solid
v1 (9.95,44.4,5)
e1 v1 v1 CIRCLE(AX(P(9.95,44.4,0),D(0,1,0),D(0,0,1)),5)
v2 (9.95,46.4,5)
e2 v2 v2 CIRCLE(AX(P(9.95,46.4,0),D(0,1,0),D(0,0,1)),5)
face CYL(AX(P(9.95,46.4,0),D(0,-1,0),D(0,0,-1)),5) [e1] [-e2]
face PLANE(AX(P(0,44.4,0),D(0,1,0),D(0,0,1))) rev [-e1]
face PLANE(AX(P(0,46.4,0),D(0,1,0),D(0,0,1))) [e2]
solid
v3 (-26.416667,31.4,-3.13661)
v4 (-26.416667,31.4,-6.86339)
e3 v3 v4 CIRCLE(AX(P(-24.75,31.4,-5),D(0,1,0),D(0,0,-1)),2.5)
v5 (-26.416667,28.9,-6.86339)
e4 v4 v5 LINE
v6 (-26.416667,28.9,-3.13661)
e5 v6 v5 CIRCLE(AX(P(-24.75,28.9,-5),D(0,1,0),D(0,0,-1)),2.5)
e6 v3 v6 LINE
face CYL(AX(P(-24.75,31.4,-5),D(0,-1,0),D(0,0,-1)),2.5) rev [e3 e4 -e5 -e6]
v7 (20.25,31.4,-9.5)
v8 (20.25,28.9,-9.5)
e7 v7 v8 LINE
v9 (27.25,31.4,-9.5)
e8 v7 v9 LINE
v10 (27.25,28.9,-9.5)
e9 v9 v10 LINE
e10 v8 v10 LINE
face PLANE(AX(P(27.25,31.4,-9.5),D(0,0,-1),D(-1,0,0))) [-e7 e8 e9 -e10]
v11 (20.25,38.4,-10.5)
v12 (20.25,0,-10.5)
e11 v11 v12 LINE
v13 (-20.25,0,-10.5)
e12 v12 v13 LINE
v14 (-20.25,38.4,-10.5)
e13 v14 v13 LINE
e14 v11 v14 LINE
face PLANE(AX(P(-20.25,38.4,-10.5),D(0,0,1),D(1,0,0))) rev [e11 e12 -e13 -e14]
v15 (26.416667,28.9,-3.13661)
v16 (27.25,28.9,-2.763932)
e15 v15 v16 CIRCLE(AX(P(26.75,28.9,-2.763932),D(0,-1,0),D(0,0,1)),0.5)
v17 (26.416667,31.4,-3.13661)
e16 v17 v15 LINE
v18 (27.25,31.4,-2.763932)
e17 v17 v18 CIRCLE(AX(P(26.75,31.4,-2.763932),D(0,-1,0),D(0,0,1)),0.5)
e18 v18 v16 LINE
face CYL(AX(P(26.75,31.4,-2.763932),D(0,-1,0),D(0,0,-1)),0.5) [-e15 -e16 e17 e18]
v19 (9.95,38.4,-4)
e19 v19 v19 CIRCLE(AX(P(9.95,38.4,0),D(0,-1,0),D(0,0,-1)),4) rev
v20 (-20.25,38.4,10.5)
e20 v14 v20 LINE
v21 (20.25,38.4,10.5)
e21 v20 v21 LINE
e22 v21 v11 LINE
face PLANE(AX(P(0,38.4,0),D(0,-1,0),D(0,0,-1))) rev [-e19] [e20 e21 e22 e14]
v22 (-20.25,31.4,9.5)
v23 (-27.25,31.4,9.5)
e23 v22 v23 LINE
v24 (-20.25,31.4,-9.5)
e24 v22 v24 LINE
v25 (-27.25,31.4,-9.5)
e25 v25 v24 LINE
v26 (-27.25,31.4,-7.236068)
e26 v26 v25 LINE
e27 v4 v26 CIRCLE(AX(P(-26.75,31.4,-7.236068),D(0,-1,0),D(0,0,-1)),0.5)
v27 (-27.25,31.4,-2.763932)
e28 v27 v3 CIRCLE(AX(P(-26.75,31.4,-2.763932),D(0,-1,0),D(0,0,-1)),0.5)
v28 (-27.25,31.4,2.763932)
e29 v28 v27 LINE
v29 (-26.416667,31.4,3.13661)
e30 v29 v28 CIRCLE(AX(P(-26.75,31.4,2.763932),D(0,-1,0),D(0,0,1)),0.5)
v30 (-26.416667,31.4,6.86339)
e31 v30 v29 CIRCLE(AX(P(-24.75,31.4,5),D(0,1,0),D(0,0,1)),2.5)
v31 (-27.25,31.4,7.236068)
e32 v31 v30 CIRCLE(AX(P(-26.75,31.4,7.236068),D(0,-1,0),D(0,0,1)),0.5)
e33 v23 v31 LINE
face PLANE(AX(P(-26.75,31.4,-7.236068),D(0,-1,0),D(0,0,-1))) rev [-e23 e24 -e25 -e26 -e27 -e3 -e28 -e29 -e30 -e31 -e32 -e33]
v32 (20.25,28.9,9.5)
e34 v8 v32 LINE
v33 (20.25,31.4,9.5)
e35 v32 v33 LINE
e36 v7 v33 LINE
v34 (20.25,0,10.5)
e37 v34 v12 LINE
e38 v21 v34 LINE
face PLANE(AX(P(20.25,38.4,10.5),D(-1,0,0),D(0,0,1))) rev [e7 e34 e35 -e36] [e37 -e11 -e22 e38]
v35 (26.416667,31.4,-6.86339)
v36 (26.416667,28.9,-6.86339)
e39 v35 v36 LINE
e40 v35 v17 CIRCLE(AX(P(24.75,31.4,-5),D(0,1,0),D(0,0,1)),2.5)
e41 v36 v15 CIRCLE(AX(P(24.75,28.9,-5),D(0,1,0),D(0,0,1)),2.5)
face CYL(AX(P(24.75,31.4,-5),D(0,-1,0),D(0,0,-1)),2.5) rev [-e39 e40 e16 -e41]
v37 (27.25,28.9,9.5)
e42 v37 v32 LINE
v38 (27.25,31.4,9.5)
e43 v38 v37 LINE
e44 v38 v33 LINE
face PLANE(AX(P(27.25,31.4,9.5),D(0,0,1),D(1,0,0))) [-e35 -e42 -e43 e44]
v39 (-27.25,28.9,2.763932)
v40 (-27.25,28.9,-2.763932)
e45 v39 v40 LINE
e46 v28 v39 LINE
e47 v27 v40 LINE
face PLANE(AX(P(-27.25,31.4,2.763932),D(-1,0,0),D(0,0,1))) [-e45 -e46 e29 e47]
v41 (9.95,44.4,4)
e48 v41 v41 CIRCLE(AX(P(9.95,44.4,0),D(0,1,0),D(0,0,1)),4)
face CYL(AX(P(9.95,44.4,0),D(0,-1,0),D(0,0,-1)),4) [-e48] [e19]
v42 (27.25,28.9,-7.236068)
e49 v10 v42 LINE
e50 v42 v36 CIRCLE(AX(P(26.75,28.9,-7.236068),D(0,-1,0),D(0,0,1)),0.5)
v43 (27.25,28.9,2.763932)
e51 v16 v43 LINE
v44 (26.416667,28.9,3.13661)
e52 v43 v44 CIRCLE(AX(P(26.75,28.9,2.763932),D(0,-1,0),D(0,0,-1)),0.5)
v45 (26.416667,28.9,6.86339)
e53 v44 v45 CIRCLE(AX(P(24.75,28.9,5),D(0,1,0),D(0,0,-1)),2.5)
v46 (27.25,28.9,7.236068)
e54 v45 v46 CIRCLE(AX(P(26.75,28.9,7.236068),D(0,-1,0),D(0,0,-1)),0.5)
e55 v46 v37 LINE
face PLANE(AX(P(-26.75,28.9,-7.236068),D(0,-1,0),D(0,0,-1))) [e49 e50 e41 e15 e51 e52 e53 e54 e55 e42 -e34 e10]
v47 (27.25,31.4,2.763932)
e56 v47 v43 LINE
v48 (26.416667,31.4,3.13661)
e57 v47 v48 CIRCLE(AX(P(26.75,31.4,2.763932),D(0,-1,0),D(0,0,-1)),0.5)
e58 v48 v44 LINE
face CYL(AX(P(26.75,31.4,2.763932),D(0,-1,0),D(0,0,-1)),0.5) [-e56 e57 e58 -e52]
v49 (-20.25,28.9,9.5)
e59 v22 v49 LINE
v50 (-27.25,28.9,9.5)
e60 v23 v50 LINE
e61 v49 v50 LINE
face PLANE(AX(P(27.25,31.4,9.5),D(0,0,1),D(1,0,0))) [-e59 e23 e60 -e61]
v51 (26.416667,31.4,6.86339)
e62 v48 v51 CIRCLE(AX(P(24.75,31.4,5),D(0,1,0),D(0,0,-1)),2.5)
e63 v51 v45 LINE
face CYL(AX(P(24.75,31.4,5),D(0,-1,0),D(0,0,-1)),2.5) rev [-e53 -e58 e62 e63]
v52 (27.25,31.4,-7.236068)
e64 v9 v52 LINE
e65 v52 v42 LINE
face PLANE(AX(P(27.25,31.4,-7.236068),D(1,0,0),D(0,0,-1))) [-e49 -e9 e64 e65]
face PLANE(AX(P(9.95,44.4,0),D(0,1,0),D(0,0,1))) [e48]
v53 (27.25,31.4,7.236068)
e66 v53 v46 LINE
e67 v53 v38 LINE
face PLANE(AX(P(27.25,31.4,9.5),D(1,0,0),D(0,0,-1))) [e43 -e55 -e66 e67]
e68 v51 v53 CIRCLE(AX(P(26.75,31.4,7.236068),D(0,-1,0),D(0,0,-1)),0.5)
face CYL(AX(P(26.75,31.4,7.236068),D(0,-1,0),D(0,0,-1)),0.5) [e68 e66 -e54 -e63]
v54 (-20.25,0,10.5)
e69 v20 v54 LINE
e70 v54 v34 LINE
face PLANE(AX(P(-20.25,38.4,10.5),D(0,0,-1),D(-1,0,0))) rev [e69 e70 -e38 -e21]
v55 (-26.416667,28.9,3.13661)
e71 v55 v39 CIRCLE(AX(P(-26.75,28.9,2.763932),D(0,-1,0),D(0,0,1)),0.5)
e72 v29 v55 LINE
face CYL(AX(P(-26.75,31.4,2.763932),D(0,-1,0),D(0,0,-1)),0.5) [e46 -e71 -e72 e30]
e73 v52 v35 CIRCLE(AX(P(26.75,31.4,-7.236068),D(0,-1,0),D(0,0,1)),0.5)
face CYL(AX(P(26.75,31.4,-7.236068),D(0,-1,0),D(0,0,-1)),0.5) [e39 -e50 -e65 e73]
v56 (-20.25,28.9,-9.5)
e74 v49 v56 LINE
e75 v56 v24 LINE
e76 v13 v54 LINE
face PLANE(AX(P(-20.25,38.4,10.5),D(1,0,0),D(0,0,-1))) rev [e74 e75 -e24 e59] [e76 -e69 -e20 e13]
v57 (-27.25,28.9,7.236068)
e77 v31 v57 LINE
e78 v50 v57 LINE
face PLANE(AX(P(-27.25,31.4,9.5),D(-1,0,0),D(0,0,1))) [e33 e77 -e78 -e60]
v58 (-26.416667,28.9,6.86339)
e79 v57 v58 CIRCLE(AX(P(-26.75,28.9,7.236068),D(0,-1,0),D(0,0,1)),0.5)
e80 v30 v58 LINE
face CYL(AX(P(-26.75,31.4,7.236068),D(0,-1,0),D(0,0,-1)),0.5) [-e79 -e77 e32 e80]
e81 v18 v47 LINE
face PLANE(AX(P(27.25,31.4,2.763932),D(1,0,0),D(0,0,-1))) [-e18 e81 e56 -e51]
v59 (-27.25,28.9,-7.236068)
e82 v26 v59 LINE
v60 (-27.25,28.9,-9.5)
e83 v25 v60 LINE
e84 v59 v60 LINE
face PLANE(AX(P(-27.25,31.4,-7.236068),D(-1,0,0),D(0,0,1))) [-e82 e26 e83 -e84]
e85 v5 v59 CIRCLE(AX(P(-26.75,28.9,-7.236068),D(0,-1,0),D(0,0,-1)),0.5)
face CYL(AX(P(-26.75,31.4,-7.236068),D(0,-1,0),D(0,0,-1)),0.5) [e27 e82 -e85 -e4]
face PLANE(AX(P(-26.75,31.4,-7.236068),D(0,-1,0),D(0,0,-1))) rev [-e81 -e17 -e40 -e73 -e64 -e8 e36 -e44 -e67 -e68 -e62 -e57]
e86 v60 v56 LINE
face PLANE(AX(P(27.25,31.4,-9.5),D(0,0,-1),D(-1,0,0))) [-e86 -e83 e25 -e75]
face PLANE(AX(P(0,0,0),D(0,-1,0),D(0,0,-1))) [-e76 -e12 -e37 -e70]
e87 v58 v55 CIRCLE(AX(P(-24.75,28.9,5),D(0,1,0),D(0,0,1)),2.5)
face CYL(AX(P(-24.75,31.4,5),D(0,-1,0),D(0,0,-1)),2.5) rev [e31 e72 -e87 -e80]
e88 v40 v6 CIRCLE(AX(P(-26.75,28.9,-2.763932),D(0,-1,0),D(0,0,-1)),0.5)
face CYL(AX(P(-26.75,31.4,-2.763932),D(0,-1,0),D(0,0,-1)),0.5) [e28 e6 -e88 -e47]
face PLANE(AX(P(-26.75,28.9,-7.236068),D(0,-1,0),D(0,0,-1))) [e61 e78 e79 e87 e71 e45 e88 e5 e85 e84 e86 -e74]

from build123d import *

# Parameters (mm, degrees)
SKETCH1_W           = 40.5
SKETCH1_H           = 21
BOSS_EXTRUDE1_DEPTH = 38.4
SKETCH2_R           = 4
BOSS_EXTRUDE2_DEPTH = 6
SKETCH3_R           = 5
SKETCH3_R_2         = 4
BOSS_EXTRUDE3_DEPTH = 2
BOSS_EXTRUDE5_START = 15.5
BOSS_EXTRUDE5_DEPTH = 2.5


with BuildPart() as part:
    # Sketch1 → Boss-Extrude1 (new body)
    with BuildSketch(Plane(origin=(0, 0, 0), x_dir=(1, 0, 0), z_dir=(0, 1, 0))):
        Rectangle(SKETCH1_W, SKETCH1_H)
    extrude(amount=BOSS_EXTRUDE1_DEPTH)

    # Sketch2 → Boss-Extrude2 (add)
    with BuildSketch(Plane(origin=(0, 38.4, 0), x_dir=(1, 0, 0), z_dir=(0, 1, 0))):
        with Locations(Location((9.95, 0, 0), (0, 0, 90))):
            Circle(SKETCH2_R)
    extrude(amount=BOSS_EXTRUDE2_DEPTH)

    # Sketch6 → Boss-Extrude5 (add)
    with BuildSketch(Plane.XZ.offset(-44.4).offset(BOSS_EXTRUDE5_START)):
        with BuildLine():
            Line((-27.25, -7.236067977), (-27.25, -9.5))
            Line((-27.25, -9.5), (27.25, -9.5))
            Line((27.25, -9.5), (27.25, -7.236067977))
            ThreePointArc((27.25, -7.236067977), (26.954124145, -6.779632513), (26.416666667, -6.863389981))
            ThreePointArc((26.416666667, -6.863389981), (22.25, -5), (26.416666667, -3.136610019))
            ThreePointArc((26.416666667, -3.136610019), (26.954124145, -3.220367487), (27.25, -2.763932023))
            Line((27.25, -2.763932023), (27.25, 2.763932023))
            ThreePointArc((27.25, 2.763932023), (26.954124145, 3.220367487), (26.416666667, 3.136610019))
            ThreePointArc((26.416666667, 3.136610019), (22.25, 5), (26.416666667, 6.863389981))
            ThreePointArc((26.416666667, 6.863389981), (26.954124145, 6.779632513), (27.25, 7.236067977))
            Line((27.25, 7.236067977), (27.25, 9.5))
            Line((27.25, 9.5), (-27.25, 9.5))
            Line((-27.25, 9.5), (-27.25, 7.236067977))
            ThreePointArc((-27.25, 7.236067977), (-26.954124145, 6.779632513), (-26.416666667, 6.863389981))
            ThreePointArc((-26.416666667, 6.863389981), (-22.25, 5), (-26.416666667, 3.136610019))
            ThreePointArc((-26.416666667, 3.136610019), (-26.954124145, 3.220367487), (-27.25, 2.763932023))
            Line((-27.25, 2.763932023), (-27.25, -2.763932023))
            ThreePointArc((-27.25, -2.763932023), (-26.954124145, -3.220367487), (-26.416666667, -3.136610019))
            ThreePointArc((-26.416666667, -3.136610019), (-22.25, -5), (-26.416666667, -6.863389981))
            ThreePointArc((-26.416666667, -6.863389981), (-26.954124145, -6.779632513), (-27.25, -7.236067977))
        make_face()
    extrude(amount=-BOSS_EXTRUDE5_DEPTH)


with BuildPart() as body_2:
    # Sketch3 → Boss-Extrude3 (new body)
    # profile 1 of 2: a face of its own
    with BuildSketch(Plane(origin=(0, 44.4, 0), x_dir=(1, 0, 0), z_dir=(0, 1, 0))):
        with Locations(Location((9.95, 0, 0), (0, 0, 270))):
            Circle(SKETCH3_R)
        with Locations(Location((9.95, 0, 0), (0, 0, 90))):
            Circle(SKETCH3_R_2, mode=Mode.SUBTRACT)
    # profile 2 of 2: a face of its own
    with BuildSketch(Plane(origin=(0, 44.4, 0), x_dir=(1, 0, 0), z_dir=(0, 1, 0))):
        with Locations(Location((9.95, 0, 0), (0, 0, 90))):
            Circle(SKETCH3_R_2)
    extrude(amount=BOSS_EXTRUDE3_DEPTH)


solid = Compound([part.part, body_2.part])
